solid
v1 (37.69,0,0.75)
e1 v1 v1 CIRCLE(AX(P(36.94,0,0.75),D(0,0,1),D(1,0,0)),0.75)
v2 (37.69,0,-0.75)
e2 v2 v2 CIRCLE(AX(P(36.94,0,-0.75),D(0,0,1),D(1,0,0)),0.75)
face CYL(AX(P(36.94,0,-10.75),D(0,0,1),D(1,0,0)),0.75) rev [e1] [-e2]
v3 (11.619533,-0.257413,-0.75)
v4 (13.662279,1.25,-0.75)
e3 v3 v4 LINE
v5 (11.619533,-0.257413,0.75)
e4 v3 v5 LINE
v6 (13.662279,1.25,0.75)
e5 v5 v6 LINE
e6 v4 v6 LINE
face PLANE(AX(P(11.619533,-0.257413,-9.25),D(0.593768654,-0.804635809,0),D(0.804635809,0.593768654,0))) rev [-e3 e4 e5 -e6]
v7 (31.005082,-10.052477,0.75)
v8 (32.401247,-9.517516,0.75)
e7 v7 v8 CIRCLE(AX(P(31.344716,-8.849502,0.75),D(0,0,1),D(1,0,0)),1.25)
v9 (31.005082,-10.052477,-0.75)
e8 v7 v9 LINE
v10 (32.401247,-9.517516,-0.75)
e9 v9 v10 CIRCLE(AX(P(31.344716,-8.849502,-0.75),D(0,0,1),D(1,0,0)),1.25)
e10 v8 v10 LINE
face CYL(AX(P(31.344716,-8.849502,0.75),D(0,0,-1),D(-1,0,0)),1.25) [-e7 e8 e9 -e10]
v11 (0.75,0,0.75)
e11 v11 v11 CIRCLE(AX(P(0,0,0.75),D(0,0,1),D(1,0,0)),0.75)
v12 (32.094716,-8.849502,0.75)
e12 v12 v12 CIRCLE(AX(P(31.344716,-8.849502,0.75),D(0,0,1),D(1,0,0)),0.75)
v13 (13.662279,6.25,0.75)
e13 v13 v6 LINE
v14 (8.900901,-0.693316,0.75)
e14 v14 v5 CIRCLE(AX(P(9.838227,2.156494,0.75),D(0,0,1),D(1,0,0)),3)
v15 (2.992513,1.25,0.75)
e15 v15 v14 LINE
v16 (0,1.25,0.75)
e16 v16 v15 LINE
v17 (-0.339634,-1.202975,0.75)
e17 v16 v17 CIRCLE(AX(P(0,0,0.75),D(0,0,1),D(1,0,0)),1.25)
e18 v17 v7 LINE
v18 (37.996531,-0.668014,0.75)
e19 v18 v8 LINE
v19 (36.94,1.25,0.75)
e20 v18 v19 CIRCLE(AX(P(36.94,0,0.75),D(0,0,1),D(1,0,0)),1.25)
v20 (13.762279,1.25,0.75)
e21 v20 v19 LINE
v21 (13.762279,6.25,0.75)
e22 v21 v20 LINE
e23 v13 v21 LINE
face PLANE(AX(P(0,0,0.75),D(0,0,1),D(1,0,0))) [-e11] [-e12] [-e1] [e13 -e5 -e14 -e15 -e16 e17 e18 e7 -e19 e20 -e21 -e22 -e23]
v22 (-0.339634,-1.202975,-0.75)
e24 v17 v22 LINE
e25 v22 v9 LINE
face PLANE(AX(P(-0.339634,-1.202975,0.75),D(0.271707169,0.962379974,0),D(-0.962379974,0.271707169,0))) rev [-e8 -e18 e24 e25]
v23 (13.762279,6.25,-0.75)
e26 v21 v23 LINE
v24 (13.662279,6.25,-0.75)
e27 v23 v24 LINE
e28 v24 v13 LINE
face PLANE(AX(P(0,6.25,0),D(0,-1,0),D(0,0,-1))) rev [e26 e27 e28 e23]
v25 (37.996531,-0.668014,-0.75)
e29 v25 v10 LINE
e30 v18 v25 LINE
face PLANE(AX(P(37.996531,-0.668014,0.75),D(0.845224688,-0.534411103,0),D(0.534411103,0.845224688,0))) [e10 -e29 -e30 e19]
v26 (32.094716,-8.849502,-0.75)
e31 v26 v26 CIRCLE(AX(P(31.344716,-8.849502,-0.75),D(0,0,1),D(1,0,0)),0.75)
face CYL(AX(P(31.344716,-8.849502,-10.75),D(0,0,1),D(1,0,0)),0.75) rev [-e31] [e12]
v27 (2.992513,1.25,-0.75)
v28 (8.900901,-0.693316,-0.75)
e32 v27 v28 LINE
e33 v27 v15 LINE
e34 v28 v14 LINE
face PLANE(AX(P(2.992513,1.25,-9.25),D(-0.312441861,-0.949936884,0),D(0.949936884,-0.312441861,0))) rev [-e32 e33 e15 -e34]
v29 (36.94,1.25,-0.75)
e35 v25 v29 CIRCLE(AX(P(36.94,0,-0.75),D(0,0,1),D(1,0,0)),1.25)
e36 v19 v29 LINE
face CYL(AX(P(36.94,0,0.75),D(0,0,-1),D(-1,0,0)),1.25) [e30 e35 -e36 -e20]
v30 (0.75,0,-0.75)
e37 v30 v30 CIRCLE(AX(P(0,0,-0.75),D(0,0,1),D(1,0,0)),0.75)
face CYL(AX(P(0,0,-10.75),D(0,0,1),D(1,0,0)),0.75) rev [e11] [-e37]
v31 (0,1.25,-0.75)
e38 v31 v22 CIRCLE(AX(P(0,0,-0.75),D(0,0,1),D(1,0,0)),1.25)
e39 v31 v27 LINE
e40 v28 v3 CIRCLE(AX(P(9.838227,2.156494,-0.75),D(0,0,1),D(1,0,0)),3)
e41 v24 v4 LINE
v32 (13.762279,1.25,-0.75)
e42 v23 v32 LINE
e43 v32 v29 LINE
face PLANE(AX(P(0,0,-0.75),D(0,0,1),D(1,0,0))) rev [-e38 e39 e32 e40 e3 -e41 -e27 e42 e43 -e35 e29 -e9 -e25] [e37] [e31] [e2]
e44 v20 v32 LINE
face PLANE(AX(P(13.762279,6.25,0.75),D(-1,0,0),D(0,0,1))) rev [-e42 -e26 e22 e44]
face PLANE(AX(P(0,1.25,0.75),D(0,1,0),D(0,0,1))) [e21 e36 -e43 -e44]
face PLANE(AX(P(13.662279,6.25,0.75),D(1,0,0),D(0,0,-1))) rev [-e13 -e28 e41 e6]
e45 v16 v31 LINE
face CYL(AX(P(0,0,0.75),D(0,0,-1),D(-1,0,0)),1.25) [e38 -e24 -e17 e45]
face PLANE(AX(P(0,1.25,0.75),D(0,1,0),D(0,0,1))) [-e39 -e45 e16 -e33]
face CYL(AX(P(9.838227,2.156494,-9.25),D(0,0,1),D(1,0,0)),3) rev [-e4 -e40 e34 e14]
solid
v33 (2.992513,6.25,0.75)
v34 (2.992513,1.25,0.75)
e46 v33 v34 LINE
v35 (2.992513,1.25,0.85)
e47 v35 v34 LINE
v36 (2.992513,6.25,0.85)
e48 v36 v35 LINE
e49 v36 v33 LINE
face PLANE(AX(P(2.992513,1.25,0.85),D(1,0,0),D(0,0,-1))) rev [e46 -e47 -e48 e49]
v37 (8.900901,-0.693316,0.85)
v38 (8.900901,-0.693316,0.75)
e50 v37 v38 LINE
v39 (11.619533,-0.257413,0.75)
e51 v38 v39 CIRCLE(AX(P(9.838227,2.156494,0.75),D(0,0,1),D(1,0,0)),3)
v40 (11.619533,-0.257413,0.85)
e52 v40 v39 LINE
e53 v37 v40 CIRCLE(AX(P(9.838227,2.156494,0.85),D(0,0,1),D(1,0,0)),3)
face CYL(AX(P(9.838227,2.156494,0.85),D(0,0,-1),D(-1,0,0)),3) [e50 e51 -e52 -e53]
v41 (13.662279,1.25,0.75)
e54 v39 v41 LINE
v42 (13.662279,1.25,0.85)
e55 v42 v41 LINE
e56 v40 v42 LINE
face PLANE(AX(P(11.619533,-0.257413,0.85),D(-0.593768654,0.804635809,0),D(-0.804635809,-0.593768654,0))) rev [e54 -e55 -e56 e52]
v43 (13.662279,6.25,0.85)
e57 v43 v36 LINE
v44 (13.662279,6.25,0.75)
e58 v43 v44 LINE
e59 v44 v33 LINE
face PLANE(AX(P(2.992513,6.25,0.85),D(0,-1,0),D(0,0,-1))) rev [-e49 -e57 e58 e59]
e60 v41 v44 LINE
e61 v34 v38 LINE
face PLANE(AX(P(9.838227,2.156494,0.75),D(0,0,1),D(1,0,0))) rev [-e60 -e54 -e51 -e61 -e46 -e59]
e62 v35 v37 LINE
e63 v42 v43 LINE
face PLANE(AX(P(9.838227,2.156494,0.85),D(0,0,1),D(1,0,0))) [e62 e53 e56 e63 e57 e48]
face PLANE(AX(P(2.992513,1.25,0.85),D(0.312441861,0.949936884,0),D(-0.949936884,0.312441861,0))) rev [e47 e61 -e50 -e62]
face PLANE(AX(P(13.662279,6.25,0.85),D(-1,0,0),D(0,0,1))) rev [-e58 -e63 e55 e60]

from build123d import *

# Parameters (mm, degrees)
EXTRUDE_1_DEPTH     = 0.75
SKETCH_2_R          = 0.75
CUT_EXTRUDE_1_DEPTH = 11.5
CUT_EXTRUDE_2_DEPTH = 10
SKETCH_5_W          = 0.1
SKETCH_5_H          = 1.5
EXTRUDE_3_DEPTH     = 5
EXTRUDE_4_DEPTH     = 0.1


with BuildPart() as part:
    # 草圖1 → 填料-伸長1 (new, symmetric)
    with BuildSketch(Plane.XY):
        with BuildLine():
            Line((0, 1.25), (36.94, 1.25))
            ThreePointArc((36.94, 1.25), (38.034878383, 0.603109713), (37.99653086, -0.668013878))
            Line((37.99653086, -0.668013878), (32.401246615, -9.517516363))
            ThreePointArc((32.401246615, -9.517516363), (31.791964157, -10.016750901), (31.005081794, -10.052477452))
            Line((31.005081794, -10.052477452), (-0.339633961, -1.202974968))
            ThreePointArc((-0.339633961, -1.202974968), (-1.238187932, 0.171437001), (0, 1.25))
        make_face()
    extrude(amount=EXTRUDE_1_DEPTH, both=True)

    # 草圖2 → 除料-伸長1 (cut)
    with BuildSketch(Plane.XY.offset(0.75)):
        with Locations((31.344715755, -8.849502484)):
            Circle(SKETCH_2_R)
        with Locations((36.94, 0)):
            Circle(SKETCH_2_R)
        Circle(SKETCH_2_R)
    extrude(amount=-CUT_EXTRUDE_1_DEPTH, mode=Mode.SUBTRACT)

    # 草圖3 → 除料-伸長2 (cut)
    with BuildSketch(Plane.XY.offset(0.75)):
        with BuildLine():
            Line((2.992512824, 1.25), (8.900901485, -0.693316422))
            ThreePointArc((8.900901485, -0.693316422), (10.31317825, -0.80567075), (11.61953303, -0.257413197))
            Line((11.61953303, -0.257413197), (13.662279188, 1.25))
            Line((13.662279188, 1.25), (2.992512824, 1.25))
        make_face()
    extrude(amount=-CUT_EXTRUDE_2_DEPTH, mode=Mode.SUBTRACT)

    # 草圖5 → 填料-伸長3 (add)
    with BuildSketch(Plane(origin=(0, 1.25, 0), x_dir=(1, 0, 0), z_dir=(0, 1, 0))):
        with Locations((13.712279188, 0)):
            Rectangle(SKETCH_5_W, SKETCH_5_H)
    extrude(amount=EXTRUDE_3_DEPTH)


with BuildPart() as body_2:
    # 草圖6 → 填料-伸長4 (new body)
    with BuildSketch(Plane.XY.offset(0.75)):
        with BuildLine():
            Line((13.662279188, 6.25), (13.662279188, 1.25))
            Line((13.662279188, 1.25), (11.61953303, -0.257413197))
            ThreePointArc((11.61953303, -0.257413197), (10.31317825, -0.80567075), (8.900901485, -0.693316422))
            Line((8.900901485, -0.693316422), (2.992512824, 1.25))
            Line((2.992512824, 1.25), (2.992512824, 6.25))
            Line((2.992512824, 6.25), (13.662279188, 6.25))
        make_face()
    extrude(amount=EXTRUDE_4_DEPTH)


solid = Compound([part.part, body_2.part])
